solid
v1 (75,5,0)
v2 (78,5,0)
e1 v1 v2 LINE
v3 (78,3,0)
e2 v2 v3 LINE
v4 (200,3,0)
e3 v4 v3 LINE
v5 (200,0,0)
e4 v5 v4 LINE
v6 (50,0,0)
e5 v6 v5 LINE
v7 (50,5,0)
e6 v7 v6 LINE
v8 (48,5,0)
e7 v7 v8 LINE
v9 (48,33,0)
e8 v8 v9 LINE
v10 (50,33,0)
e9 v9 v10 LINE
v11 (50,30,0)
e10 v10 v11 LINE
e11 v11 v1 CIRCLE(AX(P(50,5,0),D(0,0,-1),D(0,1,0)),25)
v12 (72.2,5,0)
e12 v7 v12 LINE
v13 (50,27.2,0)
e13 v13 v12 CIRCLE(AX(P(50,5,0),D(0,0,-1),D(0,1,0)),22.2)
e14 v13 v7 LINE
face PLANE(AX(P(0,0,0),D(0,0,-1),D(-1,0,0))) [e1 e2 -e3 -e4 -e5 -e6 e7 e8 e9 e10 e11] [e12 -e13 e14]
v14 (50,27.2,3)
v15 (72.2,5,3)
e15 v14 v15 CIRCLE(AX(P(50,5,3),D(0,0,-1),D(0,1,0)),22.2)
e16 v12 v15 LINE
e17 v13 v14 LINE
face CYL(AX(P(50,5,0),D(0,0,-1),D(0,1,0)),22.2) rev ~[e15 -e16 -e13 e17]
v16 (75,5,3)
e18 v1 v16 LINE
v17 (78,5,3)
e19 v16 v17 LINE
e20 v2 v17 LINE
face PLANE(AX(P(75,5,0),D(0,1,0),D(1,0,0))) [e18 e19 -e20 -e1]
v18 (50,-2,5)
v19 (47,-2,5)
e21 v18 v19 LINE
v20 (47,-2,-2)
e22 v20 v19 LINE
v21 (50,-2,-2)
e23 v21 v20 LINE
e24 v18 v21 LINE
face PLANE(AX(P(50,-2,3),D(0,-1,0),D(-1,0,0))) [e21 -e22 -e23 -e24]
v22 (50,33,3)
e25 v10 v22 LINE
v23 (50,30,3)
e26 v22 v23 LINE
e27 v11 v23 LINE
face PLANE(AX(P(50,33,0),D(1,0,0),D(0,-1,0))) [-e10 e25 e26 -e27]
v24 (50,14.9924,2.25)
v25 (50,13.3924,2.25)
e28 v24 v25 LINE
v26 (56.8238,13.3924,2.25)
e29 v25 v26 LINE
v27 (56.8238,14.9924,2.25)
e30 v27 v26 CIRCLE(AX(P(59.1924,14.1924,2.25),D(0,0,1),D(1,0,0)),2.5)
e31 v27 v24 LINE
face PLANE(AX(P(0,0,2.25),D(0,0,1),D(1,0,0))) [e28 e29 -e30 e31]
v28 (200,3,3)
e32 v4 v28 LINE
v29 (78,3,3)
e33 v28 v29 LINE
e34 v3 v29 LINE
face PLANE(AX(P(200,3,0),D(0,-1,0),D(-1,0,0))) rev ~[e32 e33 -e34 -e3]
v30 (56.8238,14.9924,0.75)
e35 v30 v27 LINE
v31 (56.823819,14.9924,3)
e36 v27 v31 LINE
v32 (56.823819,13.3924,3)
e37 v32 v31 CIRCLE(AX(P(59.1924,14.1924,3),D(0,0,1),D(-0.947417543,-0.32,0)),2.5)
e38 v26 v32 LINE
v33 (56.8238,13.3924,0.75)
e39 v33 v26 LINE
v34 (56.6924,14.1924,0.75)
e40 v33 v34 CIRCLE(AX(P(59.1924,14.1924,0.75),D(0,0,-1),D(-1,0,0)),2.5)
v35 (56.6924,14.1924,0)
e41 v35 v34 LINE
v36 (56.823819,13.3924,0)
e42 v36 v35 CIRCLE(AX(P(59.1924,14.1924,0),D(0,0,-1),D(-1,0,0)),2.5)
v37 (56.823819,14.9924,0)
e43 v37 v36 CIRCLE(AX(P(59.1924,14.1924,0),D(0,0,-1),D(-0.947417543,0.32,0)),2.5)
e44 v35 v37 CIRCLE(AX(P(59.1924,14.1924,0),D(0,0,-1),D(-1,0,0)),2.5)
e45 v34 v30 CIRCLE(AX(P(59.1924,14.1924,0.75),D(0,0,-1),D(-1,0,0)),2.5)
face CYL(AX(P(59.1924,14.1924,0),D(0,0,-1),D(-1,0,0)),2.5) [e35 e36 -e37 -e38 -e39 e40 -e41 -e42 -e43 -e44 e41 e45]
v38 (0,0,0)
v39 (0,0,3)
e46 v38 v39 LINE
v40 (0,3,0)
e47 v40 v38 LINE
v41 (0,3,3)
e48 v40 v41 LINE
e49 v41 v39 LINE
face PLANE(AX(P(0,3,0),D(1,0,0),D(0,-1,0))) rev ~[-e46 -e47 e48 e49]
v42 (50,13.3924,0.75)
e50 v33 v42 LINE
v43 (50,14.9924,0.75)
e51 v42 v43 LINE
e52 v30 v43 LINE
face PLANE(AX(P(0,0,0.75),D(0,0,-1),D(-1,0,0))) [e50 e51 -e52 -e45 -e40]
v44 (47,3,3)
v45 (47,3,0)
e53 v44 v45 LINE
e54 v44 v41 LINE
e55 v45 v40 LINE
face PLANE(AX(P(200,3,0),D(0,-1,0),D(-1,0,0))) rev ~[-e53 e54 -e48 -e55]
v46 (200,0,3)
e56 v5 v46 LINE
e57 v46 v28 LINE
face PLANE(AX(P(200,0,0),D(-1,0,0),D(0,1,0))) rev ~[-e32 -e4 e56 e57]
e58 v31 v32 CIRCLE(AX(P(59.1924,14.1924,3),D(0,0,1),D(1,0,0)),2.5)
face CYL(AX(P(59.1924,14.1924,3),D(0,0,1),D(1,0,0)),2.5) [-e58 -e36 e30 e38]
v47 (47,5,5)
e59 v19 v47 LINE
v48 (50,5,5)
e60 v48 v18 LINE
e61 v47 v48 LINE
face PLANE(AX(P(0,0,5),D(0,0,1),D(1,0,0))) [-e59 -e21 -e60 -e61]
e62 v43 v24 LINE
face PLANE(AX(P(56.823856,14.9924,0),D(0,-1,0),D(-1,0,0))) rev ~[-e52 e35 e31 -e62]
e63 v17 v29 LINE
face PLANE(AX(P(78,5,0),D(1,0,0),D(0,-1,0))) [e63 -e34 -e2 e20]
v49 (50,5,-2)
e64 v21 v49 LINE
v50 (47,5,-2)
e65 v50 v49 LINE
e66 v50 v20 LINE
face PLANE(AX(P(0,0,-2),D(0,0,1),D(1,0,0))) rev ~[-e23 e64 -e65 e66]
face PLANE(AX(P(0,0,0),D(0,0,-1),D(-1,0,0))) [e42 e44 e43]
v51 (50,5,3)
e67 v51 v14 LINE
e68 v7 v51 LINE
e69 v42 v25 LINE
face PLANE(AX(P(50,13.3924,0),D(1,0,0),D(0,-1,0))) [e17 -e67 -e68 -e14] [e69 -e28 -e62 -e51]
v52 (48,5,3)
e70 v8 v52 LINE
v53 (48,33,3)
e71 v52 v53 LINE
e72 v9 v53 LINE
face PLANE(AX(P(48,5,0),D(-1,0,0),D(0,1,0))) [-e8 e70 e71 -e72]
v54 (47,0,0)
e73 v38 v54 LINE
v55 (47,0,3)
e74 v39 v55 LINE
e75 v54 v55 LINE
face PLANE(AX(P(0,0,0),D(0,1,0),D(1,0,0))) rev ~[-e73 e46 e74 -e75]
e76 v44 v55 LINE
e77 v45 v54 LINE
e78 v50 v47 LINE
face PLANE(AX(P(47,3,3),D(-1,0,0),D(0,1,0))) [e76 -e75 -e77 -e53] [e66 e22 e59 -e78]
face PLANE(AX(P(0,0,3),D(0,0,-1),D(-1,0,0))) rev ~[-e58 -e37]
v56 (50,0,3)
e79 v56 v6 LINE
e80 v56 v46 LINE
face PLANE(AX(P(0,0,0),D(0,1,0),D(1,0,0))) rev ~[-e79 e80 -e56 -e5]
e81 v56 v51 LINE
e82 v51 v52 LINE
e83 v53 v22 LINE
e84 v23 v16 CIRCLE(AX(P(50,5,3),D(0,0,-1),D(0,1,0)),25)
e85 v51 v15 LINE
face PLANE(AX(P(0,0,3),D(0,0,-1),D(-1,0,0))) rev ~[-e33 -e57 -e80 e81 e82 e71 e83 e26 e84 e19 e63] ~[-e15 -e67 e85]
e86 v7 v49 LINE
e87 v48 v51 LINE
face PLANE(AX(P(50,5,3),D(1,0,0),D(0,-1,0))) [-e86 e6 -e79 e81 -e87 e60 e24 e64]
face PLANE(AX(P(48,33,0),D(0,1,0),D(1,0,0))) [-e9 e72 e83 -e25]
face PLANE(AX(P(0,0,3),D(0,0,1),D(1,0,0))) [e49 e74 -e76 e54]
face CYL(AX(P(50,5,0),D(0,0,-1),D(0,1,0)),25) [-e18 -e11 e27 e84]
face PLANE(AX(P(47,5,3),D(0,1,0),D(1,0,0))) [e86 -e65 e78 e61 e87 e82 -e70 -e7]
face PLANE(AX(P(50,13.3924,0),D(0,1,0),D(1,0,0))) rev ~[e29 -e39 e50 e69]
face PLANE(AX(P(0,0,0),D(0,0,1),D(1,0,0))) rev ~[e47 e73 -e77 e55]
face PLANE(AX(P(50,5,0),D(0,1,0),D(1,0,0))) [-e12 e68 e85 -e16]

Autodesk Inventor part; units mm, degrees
ref_plane "YZ Plane" through (0, 0, 0) normal (1, 0, 0) x (0, 1, 0)
ref_plane "XZ Plane" through (0, 0, 0) normal (0, 1, 0) x (-1, 0, 0)
ref_plane "XY Plane" through (0, 0, 0) normal (0, 0, 1) x (1, 0, 0)
sketch "Skizze4" plane through (0, 0, 0) normal (0, 0, 1) x (1, 0, 0)
  line L0 (0, 0) -> (200, 0)
  line L1 (200, 0) -> (200, 3)
  line L2 (200, 3) -> (0, 3)
  line L3 (0, 3) -> (0, 0)
  dimension "d12" = 200
  dimension "d13" = 3
extrude "Extrusion4" add sketch "Skizze4" along normal blind 3
sketch "Skizze5" plane through (0, 0, 3) normal (0, 0, 1) x (1, 0, 0)
  line L0 (47, 5) -> (50, 5)
  line L1 (50, 5) -> (50, -2)
  line L2 (50, -2) -> (47, -2)
  line L3 (47, -2) -> (47, 5)
  line L4 (200, 0) -> (200, 3) projected
  line L5 (0, 3) -> (0, 0) projected
  line L6 (200, 3) -> (0, 3) projected
  line L7 (0, 0) -> (200, 0) projected
  dimension "d16" = 150
  dimension "d17" = 47
  dimension "d18" = 2
  dimension "d19" = 2
extrude "Extrusion5" add sketch "Skizze5" along normal blind 2 and the other way blind 5 contours L0 L1 L6 L3 | L6 L1 L7 L3 | L7 L1 L2 L3
sketch "Skizze6" plane through (0, 0, -2) normal (0, 0, -1) x (-1, 0, 0)
  point P0 (0, 0)
sketch "Skizze7" plane through (0, 0, 0) normal (0, 0, -1) x (-1, 0, 0)
  line L0 (-200, 3) -> (-50, 3) projected
  line L1 (-78, 3) -> (-50, 3)
  line L2 (-50, 3) -> (-50, 5)
  line L3 (-50, 5) -> (-78, 5)
  line L4 (-78, 5) -> (-78, 3)
  line L5 (-50, 5) -> (-48, 5)
  line L6 (-48, 5) -> (-48, 33)
  line L7 (-48, 33) -> (-50, 33)
  line L8 (-50, 33) -> (-50, 5)
  line L9 (-50, -2) -> (-50, 5) projected
  arc A0 (-50, 30) -> (-75, 5) centre (-50, 5) ccw
  arc A1 (-50, 27.2) -> (-72.2, 5) centre (-50, 5) ccw
  line L10 (-50, 5) -> (-59.1924, 14.1924)
  line L11 (-50, 5) -> (-37, 5) construction
  circle A2 centre (-59.1924, 14.1924) radius 2.5
  line L12 (-59.1924, 14.1924) -> (-50, 14.1924)
  line L13 (-59.1924, 14.1924) -> (-50, 14.1924)
  line L14 (-50, 14.1924) -> (-50, 13.3924)
  line L15 (-50, 13.3924) -> (-59.1924, 13.3924)
  line L16 (-59.1924, 13.3924) -> (-59.1924, 14.1924)
  line L17 (-50, 14.1924) -> (-59.1924, 14.1924)
  line L18 (-59.1924, 14.1924) -> (-59.1924, 14.9924)
  line L19 (-59.1924, 14.9924) -> (-50, 14.9924)
  line L20 (-50, 14.9924) -> (-50, 14.1924)
  line L21 (-50, 30) -> (-50, 27.2)
  line L22 (-75, 5) -> (-72.2, 5)
  point P0 (0, 0)
  dimension "d24" = 2
  dimension "d25" = 2
  dimension "d26" = 50
  dimension "d27" = 2.8
  dimension "d28" = 13
  dimension "d29" = 135
  dimension "d30" = 5
  dimension "d31" = 0.8
  dimension "d32" = 0.8
  dimension "d33" = 28
  dimension "d34" = 28
extrude "Extrusion6" add sketch "Skizze7" against normal blind 3 contours L4 L3 L2 L0 | L8 L7 L6 L5 | A0 L8 A1 L3 | L15 A2 L12 L8 | A2 L19 L18 L16 L15 L10 | L10 L15 A2 | L12 A2 L19 L8 | L15 L10 L12 A2 | L15 L16 L10 | A2 L12 L18 L19
sketch "Skizze8" plane through (0, 0, 0) normal (0, 0, -1) x (-1, 0, 0)
  arc A0 (-56.8238, 14.9924) -> (-56.8238, 13.3924) centre (-59.1924, 14.1924) ccw projected
  circle A1 centre (-59.1924, 14.1924) radius 2.5
  line L0 (-56.8238, 13.3924) -> (-50, 13.3924) projected
  line L1 (-56.8238, 13.3924) -> (-50, 13.3924)
  line L2 (-50, 13.3924) -> (-50, 14.9924)
  line L3 (-56.8238, 14.9924) -> (-50, 14.9924) projected
  line L4 (-50, 14.9924) -> (-56.8238, 14.9924)
  point P0 (0, 0)
extrude "Extrusion7" cut sketch "Skizze8" against normal blind 0.75 contours L3 L2 L0 A1
sketch "Skizze9" plane through (0, 0, 3) normal (0, 0, 1) x (1, 0, 0)
  arc A0 (56.8238, 13.3924) -> (56.8238, 14.9924) centre (59.1924, 14.1924) ccw projected
  circle A1 centre (59.1924, 14.1924) radius 2.5
  line L0 (50, 14.9924) -> (50, 27.2) projected
  line L1 (56.8238, 14.9924) -> (50, 14.9924)
  line L2 (50, 14.9924) -> (50, 13.3924) projected
  line L3 (50, 14.9924) -> (50, 13.3924)
  line L4 (50, 13.3924) -> (56.8238, 13.3924)
  point P0 (0, 0)
extrude "Extrusion8" cut sketch "Skizze9" against normal blind 0.75 contours L4 L2 L1 A1
properties part number "MiddleStick"
